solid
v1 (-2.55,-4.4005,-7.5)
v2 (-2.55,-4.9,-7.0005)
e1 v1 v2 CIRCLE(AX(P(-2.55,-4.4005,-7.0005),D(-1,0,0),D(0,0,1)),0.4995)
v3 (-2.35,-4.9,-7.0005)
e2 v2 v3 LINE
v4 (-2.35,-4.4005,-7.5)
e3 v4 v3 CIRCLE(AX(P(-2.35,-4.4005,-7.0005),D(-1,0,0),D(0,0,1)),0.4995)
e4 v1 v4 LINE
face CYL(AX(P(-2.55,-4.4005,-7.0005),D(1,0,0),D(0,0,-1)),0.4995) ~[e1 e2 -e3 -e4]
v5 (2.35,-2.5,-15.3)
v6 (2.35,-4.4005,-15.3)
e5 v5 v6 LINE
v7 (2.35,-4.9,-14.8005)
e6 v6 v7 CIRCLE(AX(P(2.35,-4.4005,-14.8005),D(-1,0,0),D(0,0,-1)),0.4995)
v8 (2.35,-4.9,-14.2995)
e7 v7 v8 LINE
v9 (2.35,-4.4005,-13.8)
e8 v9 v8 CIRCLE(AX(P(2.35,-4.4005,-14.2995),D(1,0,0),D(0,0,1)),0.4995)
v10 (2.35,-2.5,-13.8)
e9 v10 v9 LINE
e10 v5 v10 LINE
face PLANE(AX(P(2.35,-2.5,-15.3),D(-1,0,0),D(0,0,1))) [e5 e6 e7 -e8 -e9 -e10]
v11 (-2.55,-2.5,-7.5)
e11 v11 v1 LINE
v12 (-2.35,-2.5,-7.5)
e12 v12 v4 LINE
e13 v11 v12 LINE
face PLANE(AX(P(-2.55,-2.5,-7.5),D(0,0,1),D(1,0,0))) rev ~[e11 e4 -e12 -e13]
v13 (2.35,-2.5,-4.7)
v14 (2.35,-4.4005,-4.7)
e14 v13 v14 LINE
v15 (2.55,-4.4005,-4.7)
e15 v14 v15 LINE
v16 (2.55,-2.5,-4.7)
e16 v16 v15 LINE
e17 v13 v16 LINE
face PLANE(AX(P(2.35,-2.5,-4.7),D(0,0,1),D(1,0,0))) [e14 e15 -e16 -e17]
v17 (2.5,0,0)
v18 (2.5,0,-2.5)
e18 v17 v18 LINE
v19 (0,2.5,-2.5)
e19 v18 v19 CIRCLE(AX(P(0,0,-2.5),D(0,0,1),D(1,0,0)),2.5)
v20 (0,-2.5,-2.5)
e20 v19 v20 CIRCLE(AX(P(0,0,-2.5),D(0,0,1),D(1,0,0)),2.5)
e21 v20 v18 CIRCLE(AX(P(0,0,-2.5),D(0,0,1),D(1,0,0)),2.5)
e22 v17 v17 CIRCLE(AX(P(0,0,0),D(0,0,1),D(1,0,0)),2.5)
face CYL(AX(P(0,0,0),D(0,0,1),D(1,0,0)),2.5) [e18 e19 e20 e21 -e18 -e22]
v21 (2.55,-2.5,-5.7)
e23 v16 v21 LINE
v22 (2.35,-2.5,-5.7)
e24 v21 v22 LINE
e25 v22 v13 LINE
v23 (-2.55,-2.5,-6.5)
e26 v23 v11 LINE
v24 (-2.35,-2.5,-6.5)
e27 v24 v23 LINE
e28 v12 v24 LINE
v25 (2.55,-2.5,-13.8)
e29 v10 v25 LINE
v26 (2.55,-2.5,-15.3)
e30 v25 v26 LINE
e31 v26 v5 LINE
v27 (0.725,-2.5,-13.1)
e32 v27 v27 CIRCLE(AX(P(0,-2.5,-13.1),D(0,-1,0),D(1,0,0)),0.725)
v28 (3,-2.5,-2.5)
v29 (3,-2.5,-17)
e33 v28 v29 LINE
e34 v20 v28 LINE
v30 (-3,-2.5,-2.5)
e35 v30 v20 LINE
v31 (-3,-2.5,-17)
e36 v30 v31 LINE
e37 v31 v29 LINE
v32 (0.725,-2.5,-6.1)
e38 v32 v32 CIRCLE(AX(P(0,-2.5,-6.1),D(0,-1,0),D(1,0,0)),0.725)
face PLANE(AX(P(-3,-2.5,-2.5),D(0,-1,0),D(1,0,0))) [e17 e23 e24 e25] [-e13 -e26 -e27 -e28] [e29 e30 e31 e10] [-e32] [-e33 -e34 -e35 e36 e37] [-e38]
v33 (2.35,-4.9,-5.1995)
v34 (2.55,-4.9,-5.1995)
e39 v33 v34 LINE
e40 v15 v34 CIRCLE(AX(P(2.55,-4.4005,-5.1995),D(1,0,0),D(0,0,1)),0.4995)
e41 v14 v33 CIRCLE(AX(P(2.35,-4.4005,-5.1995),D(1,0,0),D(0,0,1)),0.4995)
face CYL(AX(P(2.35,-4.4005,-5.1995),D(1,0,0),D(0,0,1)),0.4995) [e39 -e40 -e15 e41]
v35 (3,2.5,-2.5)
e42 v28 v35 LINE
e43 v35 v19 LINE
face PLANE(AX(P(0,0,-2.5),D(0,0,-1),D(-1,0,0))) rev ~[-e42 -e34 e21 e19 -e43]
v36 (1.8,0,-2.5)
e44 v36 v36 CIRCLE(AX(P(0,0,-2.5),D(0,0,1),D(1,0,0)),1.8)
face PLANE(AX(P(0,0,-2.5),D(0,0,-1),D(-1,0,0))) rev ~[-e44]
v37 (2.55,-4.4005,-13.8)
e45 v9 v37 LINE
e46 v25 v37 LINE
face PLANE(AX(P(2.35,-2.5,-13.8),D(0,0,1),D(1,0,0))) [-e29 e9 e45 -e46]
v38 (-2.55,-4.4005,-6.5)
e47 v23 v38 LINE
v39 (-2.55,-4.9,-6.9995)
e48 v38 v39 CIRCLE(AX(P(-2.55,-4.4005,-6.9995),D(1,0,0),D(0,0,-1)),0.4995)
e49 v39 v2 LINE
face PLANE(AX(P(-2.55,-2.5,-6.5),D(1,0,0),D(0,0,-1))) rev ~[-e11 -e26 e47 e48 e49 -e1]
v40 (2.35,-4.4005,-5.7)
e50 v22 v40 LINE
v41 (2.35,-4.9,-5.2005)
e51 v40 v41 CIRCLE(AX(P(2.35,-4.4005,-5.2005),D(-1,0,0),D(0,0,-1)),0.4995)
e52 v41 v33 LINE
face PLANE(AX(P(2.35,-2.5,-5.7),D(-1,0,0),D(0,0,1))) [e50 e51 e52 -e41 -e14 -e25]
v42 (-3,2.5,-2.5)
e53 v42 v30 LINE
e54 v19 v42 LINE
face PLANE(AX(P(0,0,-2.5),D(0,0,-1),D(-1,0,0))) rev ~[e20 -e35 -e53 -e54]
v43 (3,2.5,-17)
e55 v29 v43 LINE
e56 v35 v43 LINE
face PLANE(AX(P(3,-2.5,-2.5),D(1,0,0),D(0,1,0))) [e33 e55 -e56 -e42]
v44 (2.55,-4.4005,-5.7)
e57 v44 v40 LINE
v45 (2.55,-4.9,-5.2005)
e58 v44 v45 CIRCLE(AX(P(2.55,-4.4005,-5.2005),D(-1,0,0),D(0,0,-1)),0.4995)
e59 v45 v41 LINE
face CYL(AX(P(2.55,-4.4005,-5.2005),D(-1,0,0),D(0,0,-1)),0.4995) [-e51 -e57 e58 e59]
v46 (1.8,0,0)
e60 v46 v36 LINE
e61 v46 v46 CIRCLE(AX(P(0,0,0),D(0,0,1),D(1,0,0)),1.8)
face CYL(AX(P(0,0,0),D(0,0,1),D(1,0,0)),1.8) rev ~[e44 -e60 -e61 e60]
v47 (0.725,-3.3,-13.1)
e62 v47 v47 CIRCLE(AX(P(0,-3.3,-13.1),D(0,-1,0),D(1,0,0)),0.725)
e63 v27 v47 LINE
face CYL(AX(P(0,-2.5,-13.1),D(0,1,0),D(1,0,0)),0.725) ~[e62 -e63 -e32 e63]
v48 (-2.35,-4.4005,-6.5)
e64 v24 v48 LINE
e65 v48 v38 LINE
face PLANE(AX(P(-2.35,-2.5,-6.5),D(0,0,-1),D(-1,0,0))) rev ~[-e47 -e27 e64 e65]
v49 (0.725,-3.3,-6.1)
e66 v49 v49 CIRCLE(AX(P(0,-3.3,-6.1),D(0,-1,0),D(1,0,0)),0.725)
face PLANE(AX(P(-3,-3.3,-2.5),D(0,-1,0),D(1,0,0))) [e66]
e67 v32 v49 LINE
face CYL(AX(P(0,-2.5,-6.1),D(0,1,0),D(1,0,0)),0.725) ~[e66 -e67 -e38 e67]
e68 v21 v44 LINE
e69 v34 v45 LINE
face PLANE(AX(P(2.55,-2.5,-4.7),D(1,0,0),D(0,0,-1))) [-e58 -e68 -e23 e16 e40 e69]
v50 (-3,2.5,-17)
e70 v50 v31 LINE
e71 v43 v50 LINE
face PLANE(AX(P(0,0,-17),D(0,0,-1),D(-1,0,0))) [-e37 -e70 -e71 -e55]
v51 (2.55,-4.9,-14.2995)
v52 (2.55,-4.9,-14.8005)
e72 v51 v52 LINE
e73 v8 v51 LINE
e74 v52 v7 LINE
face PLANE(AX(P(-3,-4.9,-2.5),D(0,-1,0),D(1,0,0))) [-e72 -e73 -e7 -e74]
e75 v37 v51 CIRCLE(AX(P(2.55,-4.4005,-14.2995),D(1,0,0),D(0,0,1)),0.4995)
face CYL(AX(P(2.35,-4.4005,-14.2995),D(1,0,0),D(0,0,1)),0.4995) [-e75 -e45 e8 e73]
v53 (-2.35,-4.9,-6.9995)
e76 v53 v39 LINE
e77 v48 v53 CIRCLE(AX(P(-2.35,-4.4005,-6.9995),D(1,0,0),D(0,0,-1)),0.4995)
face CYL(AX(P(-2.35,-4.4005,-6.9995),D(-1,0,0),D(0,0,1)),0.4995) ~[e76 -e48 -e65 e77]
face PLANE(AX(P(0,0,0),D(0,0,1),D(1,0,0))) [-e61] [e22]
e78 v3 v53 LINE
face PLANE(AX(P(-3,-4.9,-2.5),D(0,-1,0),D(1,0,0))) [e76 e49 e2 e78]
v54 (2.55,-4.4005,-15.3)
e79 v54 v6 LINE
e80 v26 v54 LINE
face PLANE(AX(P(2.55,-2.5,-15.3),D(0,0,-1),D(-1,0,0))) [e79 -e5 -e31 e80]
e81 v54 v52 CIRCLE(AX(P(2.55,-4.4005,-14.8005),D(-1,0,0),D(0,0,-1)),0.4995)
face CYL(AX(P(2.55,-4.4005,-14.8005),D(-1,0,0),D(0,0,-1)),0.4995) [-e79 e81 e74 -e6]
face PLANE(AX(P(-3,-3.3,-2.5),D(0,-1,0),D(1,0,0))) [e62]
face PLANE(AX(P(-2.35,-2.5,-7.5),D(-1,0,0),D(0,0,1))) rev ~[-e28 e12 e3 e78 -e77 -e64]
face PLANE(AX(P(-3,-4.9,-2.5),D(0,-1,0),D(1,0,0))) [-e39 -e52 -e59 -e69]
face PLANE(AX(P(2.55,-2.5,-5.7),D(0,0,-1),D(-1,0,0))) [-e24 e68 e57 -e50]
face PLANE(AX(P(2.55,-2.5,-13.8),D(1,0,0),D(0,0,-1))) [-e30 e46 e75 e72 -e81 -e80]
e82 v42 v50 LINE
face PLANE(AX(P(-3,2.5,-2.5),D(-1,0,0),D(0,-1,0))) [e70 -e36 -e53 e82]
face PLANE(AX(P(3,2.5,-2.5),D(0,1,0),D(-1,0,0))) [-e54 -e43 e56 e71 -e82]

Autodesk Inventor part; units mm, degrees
ref_plane "YZ Plane" through (0, 0, 0) normal (1, 0, 0) x (0, 1, 0)
ref_plane "XZ Plane" through (0, 0, 0) normal (0, 1, 0) x (-1, 0, 0)
ref_plane "XY Plane" through (0, 0, 0) normal (0, 0, 1) x (1, 0, 0)
sketch "スケッチ1" plane through (0, 0, 0) normal (0, 0, 1) x (1, 0, 0)
  circle A0 centre (0, 0) radius 2.5
  circle A1 centre (0, 0) radius 1.8
  dimension "d0" = 5
  dimension "d1" = 3.6
extrude "押し出し1" add sketch "スケッチ1" against normal blind 2.5
sketch "スケッチ2" plane through (0, 0, -2.5) normal (0, 0, -1) x (-1, 0, 0)
  line L0 (-3, 2.5) -> (3, 2.5)
  line L1 (3, 2.5) -> (3, -2.5)
  line L2 (3, -2.5) -> (-3, -2.5)
  line L3 (-3, -2.5) -> (-3, 2.5)
  point P0 (0, 0)
  dimension "d4" = 2.5
  dimension "d5" = 5
  dimension "d6" = 3
  dimension "d7" = 6
extrude "押し出し2" add sketch "スケッチ2" along normal blind 14.5
sketch "スケッチ3" plane through (-3, -2.5, -2.5) normal (0, -1, 0) x (1, 0, 0)
  circle A0 centre (3, -3.6) radius 0.725
  line L0 (3, 0) -> (6, 0) projected
  circle A1 centre (3, -10.6) radius 0.725
  point P0 (3, 2.5)
  dimension "d10" = 1.45
  dimension "d11" = 3.6
  dimension "d12" = 1.45
  dimension "d13" = 7
extrude "押し出し3" add sketch "スケッチ3" along normal blind 0.8
sketch "スケッチ4" plane through (-3, -2.5, -2.5) normal (0, -1, 0) x (1, 0, 0)
  line L0 (5.35, -2.2) -> (5.55, -2.2)
  line L1 (5.55, -2.2) -> (5.55, -3.2)
  line L2 (5.55, -3.2) -> (5.35, -3.2)
  line L3 (5.35, -3.2) -> (5.35, -2.2)
  line L4 (0.65, -4) -> (0.45, -4)
  line L5 (0.45, -4) -> (0.45, -5)
  line L6 (0.45, -5) -> (0.65, -5)
  line L7 (0.65, -5) -> (0.65, -4)
  circle A0 centre (3, -3.6) radius 0.725 projected
  point P0 (3, 2.5)
  dimension "d16" = 0.2
  dimension "d17" = 0.2
  dimension "d18" = 2.55
  dimension "d19" = 2.55
  dimension "d20" = 1.4
  dimension "d21" = 1.4
  dimension "d22" = 1
  dimension "d23" = 1
extrude "押し出し4" add sketch "スケッチ4" along normal blind 2.4 contours L0 L1 L2 L3 | L7 L6 L5 L4
sketch "スケッチ5" plane through (-3, -2.5, -2.5) normal (0, -1, 0) x (1, 0, 0)
  circle A0 centre (3, -10.6) radius 0.725 projected
  line L0 (5.55, -2.2) -> (5.55, -3.2) projected
  line L1 (5.55, -3.2) -> (5.35, -3.2) projected
  line L2 (5.35, -3.2) -> (5.35, -2.2) projected
  line L3 (5.35, -2.2) -> (5.55, -2.2) projected
  line L4 (0.65, -4) -> (0.65, -5) projected
  line L5 (0.65, -5) -> (0.45, -5) projected
  line L6 (0.45, -5) -> (0.45, -4) projected
  line L7 (0.45, -4) -> (0.65, -4) projected
  circle A1 centre (3, -3.6) radius 0.725 projected
  circle A2 centre (3, -10.6) radius 0.725 projected
  line L8 (0, 0) -> (3, 0) projected
  line L9 (0, 0) -> (0, -14.5) projected
  line L10 (6, -14.5) -> (0, -14.5) projected
  line L11 (6, 0) -> (6, -14.5) projected
  line L12 (3, 0) -> (6, 0) projected
  line L13 (5.35, -11.3) -> (5.55, -11.3)
  line L14 (5.55, -11.3) -> (5.55, -12.8)
  line L15 (5.55, -12.8) -> (5.35, -12.8)
  line L16 (5.35, -12.8) -> (5.35, -11.3)
  point P0 (3, 2.5)
  dimension "d26" = 0.2
  dimension "d27" = 1.5
  dimension "d28" = 2.2
  dimension "d29" = 2.55
extrude "押し出し5" add sketch "スケッチ5" along normal blind 2.4 contours L13 L14 L15 L16
fillet "フィレット1" radius 0.5 6 edges at (2.45, -4.9, -5.7) (2.45, -4.9, -4.7) (-2.45, -4.9, -6.5) (-2.45, -4.9, -7.5) (2.45, -4.9, -13.8) (2.45, -4.9, -15.3)
properties part number "MJ-4535-3" material "ABS プラスチック"
